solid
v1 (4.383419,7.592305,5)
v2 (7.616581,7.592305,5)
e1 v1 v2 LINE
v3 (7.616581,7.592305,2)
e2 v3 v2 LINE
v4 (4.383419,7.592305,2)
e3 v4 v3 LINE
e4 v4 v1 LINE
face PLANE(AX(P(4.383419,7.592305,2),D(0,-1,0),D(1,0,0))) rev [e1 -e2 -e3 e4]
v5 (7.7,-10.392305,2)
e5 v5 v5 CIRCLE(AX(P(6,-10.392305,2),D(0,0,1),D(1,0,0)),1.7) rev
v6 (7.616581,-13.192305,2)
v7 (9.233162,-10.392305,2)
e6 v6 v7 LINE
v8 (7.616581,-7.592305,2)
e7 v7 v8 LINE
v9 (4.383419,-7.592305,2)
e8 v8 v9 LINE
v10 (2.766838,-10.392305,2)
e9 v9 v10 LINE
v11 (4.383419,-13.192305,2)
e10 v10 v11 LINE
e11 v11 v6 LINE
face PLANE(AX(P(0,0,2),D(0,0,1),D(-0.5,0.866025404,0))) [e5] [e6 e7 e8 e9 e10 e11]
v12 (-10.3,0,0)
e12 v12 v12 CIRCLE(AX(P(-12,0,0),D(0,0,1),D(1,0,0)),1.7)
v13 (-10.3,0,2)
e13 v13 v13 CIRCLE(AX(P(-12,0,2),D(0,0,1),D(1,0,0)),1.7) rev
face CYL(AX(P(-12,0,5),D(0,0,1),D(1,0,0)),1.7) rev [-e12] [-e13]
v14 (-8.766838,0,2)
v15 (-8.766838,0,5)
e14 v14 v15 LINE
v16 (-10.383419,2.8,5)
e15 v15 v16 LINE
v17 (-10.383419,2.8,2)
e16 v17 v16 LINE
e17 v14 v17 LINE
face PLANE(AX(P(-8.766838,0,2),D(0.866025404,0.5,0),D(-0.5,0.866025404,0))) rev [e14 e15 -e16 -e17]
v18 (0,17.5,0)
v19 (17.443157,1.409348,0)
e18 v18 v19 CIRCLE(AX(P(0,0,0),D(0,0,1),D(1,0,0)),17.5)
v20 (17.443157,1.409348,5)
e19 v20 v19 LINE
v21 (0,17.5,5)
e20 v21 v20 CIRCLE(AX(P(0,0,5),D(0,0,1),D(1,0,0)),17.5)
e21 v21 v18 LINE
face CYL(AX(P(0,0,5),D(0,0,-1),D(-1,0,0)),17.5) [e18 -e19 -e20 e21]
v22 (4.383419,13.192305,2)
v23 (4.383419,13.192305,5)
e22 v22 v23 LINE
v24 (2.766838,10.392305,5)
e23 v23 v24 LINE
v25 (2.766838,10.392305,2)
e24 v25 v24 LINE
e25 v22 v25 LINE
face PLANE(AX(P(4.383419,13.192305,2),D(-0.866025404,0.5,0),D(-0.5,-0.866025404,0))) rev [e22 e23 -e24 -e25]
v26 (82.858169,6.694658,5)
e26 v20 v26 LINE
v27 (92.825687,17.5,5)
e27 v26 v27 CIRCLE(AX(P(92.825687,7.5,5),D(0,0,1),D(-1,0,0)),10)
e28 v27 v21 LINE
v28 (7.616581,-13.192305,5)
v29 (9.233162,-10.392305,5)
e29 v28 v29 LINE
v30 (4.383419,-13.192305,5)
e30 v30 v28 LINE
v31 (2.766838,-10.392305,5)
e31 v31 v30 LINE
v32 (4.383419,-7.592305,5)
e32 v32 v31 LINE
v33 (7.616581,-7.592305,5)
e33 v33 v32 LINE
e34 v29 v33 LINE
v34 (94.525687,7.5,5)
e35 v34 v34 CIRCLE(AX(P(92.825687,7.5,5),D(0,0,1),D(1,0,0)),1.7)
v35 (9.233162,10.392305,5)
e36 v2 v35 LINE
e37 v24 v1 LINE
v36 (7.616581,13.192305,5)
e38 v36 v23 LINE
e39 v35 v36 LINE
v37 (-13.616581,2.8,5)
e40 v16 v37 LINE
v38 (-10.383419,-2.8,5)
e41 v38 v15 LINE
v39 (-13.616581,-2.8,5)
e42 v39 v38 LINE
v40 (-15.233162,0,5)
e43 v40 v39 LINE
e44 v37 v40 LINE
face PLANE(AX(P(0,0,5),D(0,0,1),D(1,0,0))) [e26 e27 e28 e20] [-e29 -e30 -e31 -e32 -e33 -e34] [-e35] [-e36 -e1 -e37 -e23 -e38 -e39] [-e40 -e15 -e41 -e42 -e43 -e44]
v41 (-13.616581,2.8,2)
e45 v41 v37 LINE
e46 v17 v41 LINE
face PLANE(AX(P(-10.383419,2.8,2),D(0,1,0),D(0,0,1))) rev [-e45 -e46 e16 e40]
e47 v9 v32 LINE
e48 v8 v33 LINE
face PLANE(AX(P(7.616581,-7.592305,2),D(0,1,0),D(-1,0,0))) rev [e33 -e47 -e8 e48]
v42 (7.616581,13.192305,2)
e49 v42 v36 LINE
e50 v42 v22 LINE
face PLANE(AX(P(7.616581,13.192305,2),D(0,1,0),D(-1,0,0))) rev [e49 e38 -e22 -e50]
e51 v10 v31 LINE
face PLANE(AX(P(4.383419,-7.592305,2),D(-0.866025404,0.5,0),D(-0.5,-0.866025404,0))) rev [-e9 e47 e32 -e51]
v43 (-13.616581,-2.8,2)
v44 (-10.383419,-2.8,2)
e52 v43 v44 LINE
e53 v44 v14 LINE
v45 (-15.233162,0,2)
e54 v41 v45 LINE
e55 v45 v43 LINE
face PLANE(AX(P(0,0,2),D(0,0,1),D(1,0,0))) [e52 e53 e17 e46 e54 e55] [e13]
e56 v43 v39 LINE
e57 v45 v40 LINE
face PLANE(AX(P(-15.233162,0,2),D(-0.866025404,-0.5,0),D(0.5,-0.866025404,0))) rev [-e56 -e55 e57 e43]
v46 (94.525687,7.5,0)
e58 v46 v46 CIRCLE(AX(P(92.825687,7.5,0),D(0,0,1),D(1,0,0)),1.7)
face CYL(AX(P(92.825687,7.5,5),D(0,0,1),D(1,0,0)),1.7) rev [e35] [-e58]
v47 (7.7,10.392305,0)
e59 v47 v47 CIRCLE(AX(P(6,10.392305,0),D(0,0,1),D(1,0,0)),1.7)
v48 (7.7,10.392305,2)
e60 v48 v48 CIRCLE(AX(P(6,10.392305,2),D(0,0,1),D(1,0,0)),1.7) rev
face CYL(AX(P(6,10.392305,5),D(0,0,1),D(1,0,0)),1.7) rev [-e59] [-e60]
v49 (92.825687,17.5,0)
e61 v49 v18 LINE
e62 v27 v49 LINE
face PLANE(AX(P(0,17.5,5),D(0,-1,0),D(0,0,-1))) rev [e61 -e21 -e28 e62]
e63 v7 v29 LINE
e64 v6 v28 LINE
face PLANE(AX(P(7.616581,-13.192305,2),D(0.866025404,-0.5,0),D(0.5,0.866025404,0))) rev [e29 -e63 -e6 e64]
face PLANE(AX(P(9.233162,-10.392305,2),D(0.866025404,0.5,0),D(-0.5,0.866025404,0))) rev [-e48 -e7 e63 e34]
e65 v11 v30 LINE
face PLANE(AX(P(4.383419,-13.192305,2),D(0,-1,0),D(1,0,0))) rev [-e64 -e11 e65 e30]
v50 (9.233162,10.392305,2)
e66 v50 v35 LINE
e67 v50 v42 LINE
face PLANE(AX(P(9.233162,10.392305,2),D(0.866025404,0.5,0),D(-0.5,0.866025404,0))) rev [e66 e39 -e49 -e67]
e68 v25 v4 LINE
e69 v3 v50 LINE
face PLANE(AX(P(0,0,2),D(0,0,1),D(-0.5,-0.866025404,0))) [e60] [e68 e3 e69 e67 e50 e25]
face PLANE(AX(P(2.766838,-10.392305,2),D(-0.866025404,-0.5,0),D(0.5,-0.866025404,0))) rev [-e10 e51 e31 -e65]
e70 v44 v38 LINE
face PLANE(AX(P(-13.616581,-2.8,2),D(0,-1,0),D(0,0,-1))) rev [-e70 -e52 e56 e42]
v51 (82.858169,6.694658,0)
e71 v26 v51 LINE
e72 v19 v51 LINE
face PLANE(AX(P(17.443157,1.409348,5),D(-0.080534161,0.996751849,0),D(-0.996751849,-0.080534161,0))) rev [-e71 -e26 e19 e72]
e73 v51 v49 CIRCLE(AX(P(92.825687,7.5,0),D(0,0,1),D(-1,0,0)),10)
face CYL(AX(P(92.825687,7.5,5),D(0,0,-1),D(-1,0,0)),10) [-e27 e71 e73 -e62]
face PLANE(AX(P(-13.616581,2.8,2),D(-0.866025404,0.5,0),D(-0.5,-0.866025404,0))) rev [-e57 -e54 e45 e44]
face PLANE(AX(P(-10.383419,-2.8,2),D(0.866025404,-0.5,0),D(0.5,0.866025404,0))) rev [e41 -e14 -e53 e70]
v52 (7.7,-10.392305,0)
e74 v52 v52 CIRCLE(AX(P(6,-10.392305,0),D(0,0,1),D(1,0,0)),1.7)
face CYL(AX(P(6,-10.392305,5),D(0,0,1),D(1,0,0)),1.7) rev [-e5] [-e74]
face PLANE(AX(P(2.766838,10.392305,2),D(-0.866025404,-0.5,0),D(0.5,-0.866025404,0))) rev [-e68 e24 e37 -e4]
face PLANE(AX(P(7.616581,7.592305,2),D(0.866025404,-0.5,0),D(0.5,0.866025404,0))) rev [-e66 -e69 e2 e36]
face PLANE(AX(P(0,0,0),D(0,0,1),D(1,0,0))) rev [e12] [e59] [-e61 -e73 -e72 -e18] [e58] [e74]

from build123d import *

# Parameters (mm, degrees)
BOSS_EXTRUDE1_DEPTH  = 5
M3_CLEARANCE_HOLE1_D = 3.4
CUT_EXTRUDE1_DEPTH   = 3
CIRPATTERN1_COUNT    = 3
M3_CLEARANCE_HOLE2_D = 3.4


with BuildPart() as part:
    # Sketch1 → Boss-Extrude1 (new body)
    with BuildSketch(Plane.XY):
        with BuildLine():
            Line((0, 17.5), (92.825687176, 17.5))
            ThreePointArc((92.825687176, 17.5), (100.175973433, 0.719639248), (82.858168684, 6.694658386))
            Line((82.858168684, 6.694658386), (17.443157361, 1.409347824))
            ThreePointArc((17.443157361, 1.409347824), (-11.865631317, -12.863000951), (0, 17.5))
        make_face()
    extrude(amount=BOSS_EXTRUDE1_DEPTH)

    # M3 Clearance Hole1 (through all)
    with Locations(Plane.XY.offset(5)):
        with Locations((-12, 0)):
            m3_clearance_hole1 = Hole(M3_CLEARANCE_HOLE1_D / 2)

    # Sketch8 → Cut-Extrude1 (cut)
    with BuildSketch(Plane.XY.offset(5)):
        Polygon((-10.383419246, 2.8), (-13.616580754, 2.8), (-15.233161507, 0), (-13.616580754, -2.8), (-10.383419246, -2.8), (-8.766838493, 0), align=None)
    cut_extrude1 = extrude(amount=-CUT_EXTRUDE1_DEPTH, mode=Mode.SUBTRACT)

    # CirPattern1: M3 Clearance Hole1, Cut-Extrude1 ×3 about axis
    cirpattern1_axis = Axis((0, 0, 0), (0, 0, 1))
    add([m3_clearance_hole1.rotate(cirpattern1_axis, i * 360 / CIRPATTERN1_COUNT) for i in range(1, CIRPATTERN1_COUNT)], mode=Mode.SUBTRACT)
    add([cut_extrude1.rotate(cirpattern1_axis, i * 360 / CIRPATTERN1_COUNT) for i in range(1, CIRPATTERN1_COUNT)], mode=Mode.SUBTRACT)

    # M3 Clearance Hole2 (through all)
    with Locations(Plane.XY.offset(5)):
        with Locations((92.825687176, 7.5)):
            Hole(M3_CLEARANCE_HOLE2_D / 2)


solid = part.part
